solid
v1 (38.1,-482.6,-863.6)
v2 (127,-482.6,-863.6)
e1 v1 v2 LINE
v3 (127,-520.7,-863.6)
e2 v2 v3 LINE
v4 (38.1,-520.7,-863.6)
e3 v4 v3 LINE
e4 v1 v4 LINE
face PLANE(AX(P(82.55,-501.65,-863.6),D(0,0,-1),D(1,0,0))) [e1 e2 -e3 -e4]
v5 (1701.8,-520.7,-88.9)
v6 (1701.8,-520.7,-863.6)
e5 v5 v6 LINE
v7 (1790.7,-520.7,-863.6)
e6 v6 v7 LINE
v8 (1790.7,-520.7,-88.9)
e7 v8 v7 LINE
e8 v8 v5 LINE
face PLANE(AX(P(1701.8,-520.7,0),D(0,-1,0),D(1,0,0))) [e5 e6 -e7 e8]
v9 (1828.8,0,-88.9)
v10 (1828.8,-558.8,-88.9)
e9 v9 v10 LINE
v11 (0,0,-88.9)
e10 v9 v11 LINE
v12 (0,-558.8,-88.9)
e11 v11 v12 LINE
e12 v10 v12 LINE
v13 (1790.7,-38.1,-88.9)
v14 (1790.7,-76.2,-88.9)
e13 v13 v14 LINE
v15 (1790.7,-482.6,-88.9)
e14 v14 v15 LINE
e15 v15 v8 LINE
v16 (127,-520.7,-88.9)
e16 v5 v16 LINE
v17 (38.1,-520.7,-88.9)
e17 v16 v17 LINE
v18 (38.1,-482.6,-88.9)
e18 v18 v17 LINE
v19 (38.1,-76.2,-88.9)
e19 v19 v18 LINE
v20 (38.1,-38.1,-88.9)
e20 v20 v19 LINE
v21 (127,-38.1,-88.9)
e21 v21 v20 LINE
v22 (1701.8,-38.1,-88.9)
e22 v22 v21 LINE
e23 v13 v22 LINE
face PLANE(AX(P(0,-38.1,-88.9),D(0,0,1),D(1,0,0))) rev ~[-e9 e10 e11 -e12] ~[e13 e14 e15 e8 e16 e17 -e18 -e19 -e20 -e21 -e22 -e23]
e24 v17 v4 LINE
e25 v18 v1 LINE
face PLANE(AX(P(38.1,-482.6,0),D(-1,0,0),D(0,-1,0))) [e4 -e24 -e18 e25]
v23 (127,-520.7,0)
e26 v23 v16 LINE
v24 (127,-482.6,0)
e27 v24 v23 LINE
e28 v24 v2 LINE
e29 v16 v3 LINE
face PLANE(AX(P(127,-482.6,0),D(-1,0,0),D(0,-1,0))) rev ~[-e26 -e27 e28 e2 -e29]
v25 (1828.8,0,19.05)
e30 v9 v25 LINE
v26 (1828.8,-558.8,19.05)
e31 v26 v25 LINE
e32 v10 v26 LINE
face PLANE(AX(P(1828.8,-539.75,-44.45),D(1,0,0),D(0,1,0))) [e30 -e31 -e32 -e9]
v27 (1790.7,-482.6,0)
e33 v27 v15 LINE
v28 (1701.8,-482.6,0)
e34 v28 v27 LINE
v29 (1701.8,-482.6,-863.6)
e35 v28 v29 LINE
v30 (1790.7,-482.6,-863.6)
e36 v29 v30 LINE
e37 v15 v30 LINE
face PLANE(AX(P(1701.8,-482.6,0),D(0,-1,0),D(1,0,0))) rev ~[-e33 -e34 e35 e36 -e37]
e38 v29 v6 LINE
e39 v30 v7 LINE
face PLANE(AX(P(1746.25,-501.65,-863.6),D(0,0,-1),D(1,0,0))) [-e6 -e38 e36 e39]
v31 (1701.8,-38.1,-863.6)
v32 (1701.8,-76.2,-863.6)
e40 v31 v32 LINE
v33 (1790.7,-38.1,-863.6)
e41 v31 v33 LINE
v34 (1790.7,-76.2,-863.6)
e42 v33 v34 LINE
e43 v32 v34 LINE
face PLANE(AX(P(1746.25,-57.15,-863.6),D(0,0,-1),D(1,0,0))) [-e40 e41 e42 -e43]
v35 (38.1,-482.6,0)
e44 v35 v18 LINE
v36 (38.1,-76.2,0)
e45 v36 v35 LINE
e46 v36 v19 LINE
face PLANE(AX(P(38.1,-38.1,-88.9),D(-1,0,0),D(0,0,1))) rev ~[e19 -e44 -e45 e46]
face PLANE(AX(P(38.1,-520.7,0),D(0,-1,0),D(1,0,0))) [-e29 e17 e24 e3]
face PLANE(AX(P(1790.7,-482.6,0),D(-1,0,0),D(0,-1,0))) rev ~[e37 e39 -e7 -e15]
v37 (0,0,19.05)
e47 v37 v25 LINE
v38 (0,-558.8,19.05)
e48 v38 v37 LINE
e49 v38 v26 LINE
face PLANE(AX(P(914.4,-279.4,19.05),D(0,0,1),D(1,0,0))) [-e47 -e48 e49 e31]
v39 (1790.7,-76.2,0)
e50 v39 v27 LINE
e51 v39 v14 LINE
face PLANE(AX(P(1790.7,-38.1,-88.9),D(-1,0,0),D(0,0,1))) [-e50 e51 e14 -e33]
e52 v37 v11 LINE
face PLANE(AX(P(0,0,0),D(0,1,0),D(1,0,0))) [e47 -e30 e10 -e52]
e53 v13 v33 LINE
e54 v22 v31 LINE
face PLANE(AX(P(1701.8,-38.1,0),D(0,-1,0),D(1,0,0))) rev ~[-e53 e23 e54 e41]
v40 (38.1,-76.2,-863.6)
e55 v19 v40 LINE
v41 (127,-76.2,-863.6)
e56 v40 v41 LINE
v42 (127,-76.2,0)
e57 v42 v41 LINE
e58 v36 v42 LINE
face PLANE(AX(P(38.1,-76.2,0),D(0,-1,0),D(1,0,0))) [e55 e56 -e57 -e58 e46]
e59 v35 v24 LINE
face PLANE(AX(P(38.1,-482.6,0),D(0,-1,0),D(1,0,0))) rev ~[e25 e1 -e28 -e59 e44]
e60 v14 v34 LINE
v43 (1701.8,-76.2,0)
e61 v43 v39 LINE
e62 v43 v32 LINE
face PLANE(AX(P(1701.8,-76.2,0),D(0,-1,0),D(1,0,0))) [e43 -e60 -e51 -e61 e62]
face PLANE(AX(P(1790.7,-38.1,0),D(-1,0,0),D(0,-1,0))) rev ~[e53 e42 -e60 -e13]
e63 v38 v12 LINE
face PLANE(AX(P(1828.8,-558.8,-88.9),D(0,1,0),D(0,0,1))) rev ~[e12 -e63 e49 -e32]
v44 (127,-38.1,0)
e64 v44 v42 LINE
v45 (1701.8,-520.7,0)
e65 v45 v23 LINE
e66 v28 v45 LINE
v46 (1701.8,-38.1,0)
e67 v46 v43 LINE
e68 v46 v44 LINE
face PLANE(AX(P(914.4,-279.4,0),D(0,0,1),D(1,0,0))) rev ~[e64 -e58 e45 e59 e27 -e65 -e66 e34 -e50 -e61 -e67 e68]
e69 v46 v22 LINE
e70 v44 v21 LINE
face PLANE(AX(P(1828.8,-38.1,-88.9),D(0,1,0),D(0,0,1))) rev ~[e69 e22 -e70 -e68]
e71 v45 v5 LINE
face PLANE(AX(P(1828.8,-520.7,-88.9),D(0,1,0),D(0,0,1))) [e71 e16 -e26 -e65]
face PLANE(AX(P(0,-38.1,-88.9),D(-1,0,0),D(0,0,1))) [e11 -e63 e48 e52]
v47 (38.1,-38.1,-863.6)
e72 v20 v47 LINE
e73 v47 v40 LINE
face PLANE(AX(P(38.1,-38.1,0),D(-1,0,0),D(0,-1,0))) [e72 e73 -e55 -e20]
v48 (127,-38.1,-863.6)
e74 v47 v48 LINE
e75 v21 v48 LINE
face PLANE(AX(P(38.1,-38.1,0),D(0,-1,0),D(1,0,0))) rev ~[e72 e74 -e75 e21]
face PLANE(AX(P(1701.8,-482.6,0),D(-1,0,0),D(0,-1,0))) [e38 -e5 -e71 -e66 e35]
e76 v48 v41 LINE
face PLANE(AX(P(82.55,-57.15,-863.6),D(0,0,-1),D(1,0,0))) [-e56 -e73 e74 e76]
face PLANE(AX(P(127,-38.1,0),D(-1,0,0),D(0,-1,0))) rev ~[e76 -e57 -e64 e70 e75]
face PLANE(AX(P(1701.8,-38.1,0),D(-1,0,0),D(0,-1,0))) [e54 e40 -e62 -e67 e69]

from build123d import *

# Parameters (mm, degrees)
F0_W     = 1828.8
F0_H     = 558.8
F1_DEPTH = 19.05
F2_W     = 38.1
F2_H     = 88.9
F3_DEPTH = 1828.8
F4_W     = 38.1
F4_H     = 88.9
F5_DEPTH = 482.6
F6_W     = 88.9
F6_H     = 38.1
F7_DEPTH = 863.6


with BuildPart() as f1:
    # F0 (on Top) → F1 (new body)
    with BuildSketch(Plane.XY):
        with Locations((914.4, -279.4)):
            Rectangle(F0_W, F0_H)
    extrude(amount=F1_DEPTH)

    # F2 (on face) → F3 (join, through all)
    with BuildSketch(Plane.YZ.offset(1828.8)):
        with Locations((-539.75, -44.45)):
            Rectangle(F2_W, F2_H)
        with Locations((-19.05, -44.45)):
            Rectangle(F2_W, F2_H)
    extrude(amount=-F3_DEPTH)

    # F4 (on face) → F5 (join, through all)
    with BuildSketch(Plane.XZ.offset(38.1)):
        with Locations((19.05, -44.45)):
            Rectangle(F4_W, F4_H)
        with Locations((1809.75, -44.45)):
            Rectangle(F4_W, F4_H)
    extrude(amount=F5_DEPTH)

    # F6 (on face) → F7 (join)
    with BuildSketch(Plane(origin=(0, 0, 0), x_dir=(1, 0, 0), z_dir=(0, 0, -1))):
        with Locations((1746.25, 501.65)):
            Rectangle(F6_W, F6_H)
        with Locations((1746.25, 57.15)):
            Rectangle(F6_W, F6_H)
        with Locations((82.55, 57.15)):
            Rectangle(F6_W, F6_H)
        with Locations((82.55, 501.65)):
            Rectangle(F6_W, F6_H)
    extrude(amount=F7_DEPTH)


solid = f1.part
